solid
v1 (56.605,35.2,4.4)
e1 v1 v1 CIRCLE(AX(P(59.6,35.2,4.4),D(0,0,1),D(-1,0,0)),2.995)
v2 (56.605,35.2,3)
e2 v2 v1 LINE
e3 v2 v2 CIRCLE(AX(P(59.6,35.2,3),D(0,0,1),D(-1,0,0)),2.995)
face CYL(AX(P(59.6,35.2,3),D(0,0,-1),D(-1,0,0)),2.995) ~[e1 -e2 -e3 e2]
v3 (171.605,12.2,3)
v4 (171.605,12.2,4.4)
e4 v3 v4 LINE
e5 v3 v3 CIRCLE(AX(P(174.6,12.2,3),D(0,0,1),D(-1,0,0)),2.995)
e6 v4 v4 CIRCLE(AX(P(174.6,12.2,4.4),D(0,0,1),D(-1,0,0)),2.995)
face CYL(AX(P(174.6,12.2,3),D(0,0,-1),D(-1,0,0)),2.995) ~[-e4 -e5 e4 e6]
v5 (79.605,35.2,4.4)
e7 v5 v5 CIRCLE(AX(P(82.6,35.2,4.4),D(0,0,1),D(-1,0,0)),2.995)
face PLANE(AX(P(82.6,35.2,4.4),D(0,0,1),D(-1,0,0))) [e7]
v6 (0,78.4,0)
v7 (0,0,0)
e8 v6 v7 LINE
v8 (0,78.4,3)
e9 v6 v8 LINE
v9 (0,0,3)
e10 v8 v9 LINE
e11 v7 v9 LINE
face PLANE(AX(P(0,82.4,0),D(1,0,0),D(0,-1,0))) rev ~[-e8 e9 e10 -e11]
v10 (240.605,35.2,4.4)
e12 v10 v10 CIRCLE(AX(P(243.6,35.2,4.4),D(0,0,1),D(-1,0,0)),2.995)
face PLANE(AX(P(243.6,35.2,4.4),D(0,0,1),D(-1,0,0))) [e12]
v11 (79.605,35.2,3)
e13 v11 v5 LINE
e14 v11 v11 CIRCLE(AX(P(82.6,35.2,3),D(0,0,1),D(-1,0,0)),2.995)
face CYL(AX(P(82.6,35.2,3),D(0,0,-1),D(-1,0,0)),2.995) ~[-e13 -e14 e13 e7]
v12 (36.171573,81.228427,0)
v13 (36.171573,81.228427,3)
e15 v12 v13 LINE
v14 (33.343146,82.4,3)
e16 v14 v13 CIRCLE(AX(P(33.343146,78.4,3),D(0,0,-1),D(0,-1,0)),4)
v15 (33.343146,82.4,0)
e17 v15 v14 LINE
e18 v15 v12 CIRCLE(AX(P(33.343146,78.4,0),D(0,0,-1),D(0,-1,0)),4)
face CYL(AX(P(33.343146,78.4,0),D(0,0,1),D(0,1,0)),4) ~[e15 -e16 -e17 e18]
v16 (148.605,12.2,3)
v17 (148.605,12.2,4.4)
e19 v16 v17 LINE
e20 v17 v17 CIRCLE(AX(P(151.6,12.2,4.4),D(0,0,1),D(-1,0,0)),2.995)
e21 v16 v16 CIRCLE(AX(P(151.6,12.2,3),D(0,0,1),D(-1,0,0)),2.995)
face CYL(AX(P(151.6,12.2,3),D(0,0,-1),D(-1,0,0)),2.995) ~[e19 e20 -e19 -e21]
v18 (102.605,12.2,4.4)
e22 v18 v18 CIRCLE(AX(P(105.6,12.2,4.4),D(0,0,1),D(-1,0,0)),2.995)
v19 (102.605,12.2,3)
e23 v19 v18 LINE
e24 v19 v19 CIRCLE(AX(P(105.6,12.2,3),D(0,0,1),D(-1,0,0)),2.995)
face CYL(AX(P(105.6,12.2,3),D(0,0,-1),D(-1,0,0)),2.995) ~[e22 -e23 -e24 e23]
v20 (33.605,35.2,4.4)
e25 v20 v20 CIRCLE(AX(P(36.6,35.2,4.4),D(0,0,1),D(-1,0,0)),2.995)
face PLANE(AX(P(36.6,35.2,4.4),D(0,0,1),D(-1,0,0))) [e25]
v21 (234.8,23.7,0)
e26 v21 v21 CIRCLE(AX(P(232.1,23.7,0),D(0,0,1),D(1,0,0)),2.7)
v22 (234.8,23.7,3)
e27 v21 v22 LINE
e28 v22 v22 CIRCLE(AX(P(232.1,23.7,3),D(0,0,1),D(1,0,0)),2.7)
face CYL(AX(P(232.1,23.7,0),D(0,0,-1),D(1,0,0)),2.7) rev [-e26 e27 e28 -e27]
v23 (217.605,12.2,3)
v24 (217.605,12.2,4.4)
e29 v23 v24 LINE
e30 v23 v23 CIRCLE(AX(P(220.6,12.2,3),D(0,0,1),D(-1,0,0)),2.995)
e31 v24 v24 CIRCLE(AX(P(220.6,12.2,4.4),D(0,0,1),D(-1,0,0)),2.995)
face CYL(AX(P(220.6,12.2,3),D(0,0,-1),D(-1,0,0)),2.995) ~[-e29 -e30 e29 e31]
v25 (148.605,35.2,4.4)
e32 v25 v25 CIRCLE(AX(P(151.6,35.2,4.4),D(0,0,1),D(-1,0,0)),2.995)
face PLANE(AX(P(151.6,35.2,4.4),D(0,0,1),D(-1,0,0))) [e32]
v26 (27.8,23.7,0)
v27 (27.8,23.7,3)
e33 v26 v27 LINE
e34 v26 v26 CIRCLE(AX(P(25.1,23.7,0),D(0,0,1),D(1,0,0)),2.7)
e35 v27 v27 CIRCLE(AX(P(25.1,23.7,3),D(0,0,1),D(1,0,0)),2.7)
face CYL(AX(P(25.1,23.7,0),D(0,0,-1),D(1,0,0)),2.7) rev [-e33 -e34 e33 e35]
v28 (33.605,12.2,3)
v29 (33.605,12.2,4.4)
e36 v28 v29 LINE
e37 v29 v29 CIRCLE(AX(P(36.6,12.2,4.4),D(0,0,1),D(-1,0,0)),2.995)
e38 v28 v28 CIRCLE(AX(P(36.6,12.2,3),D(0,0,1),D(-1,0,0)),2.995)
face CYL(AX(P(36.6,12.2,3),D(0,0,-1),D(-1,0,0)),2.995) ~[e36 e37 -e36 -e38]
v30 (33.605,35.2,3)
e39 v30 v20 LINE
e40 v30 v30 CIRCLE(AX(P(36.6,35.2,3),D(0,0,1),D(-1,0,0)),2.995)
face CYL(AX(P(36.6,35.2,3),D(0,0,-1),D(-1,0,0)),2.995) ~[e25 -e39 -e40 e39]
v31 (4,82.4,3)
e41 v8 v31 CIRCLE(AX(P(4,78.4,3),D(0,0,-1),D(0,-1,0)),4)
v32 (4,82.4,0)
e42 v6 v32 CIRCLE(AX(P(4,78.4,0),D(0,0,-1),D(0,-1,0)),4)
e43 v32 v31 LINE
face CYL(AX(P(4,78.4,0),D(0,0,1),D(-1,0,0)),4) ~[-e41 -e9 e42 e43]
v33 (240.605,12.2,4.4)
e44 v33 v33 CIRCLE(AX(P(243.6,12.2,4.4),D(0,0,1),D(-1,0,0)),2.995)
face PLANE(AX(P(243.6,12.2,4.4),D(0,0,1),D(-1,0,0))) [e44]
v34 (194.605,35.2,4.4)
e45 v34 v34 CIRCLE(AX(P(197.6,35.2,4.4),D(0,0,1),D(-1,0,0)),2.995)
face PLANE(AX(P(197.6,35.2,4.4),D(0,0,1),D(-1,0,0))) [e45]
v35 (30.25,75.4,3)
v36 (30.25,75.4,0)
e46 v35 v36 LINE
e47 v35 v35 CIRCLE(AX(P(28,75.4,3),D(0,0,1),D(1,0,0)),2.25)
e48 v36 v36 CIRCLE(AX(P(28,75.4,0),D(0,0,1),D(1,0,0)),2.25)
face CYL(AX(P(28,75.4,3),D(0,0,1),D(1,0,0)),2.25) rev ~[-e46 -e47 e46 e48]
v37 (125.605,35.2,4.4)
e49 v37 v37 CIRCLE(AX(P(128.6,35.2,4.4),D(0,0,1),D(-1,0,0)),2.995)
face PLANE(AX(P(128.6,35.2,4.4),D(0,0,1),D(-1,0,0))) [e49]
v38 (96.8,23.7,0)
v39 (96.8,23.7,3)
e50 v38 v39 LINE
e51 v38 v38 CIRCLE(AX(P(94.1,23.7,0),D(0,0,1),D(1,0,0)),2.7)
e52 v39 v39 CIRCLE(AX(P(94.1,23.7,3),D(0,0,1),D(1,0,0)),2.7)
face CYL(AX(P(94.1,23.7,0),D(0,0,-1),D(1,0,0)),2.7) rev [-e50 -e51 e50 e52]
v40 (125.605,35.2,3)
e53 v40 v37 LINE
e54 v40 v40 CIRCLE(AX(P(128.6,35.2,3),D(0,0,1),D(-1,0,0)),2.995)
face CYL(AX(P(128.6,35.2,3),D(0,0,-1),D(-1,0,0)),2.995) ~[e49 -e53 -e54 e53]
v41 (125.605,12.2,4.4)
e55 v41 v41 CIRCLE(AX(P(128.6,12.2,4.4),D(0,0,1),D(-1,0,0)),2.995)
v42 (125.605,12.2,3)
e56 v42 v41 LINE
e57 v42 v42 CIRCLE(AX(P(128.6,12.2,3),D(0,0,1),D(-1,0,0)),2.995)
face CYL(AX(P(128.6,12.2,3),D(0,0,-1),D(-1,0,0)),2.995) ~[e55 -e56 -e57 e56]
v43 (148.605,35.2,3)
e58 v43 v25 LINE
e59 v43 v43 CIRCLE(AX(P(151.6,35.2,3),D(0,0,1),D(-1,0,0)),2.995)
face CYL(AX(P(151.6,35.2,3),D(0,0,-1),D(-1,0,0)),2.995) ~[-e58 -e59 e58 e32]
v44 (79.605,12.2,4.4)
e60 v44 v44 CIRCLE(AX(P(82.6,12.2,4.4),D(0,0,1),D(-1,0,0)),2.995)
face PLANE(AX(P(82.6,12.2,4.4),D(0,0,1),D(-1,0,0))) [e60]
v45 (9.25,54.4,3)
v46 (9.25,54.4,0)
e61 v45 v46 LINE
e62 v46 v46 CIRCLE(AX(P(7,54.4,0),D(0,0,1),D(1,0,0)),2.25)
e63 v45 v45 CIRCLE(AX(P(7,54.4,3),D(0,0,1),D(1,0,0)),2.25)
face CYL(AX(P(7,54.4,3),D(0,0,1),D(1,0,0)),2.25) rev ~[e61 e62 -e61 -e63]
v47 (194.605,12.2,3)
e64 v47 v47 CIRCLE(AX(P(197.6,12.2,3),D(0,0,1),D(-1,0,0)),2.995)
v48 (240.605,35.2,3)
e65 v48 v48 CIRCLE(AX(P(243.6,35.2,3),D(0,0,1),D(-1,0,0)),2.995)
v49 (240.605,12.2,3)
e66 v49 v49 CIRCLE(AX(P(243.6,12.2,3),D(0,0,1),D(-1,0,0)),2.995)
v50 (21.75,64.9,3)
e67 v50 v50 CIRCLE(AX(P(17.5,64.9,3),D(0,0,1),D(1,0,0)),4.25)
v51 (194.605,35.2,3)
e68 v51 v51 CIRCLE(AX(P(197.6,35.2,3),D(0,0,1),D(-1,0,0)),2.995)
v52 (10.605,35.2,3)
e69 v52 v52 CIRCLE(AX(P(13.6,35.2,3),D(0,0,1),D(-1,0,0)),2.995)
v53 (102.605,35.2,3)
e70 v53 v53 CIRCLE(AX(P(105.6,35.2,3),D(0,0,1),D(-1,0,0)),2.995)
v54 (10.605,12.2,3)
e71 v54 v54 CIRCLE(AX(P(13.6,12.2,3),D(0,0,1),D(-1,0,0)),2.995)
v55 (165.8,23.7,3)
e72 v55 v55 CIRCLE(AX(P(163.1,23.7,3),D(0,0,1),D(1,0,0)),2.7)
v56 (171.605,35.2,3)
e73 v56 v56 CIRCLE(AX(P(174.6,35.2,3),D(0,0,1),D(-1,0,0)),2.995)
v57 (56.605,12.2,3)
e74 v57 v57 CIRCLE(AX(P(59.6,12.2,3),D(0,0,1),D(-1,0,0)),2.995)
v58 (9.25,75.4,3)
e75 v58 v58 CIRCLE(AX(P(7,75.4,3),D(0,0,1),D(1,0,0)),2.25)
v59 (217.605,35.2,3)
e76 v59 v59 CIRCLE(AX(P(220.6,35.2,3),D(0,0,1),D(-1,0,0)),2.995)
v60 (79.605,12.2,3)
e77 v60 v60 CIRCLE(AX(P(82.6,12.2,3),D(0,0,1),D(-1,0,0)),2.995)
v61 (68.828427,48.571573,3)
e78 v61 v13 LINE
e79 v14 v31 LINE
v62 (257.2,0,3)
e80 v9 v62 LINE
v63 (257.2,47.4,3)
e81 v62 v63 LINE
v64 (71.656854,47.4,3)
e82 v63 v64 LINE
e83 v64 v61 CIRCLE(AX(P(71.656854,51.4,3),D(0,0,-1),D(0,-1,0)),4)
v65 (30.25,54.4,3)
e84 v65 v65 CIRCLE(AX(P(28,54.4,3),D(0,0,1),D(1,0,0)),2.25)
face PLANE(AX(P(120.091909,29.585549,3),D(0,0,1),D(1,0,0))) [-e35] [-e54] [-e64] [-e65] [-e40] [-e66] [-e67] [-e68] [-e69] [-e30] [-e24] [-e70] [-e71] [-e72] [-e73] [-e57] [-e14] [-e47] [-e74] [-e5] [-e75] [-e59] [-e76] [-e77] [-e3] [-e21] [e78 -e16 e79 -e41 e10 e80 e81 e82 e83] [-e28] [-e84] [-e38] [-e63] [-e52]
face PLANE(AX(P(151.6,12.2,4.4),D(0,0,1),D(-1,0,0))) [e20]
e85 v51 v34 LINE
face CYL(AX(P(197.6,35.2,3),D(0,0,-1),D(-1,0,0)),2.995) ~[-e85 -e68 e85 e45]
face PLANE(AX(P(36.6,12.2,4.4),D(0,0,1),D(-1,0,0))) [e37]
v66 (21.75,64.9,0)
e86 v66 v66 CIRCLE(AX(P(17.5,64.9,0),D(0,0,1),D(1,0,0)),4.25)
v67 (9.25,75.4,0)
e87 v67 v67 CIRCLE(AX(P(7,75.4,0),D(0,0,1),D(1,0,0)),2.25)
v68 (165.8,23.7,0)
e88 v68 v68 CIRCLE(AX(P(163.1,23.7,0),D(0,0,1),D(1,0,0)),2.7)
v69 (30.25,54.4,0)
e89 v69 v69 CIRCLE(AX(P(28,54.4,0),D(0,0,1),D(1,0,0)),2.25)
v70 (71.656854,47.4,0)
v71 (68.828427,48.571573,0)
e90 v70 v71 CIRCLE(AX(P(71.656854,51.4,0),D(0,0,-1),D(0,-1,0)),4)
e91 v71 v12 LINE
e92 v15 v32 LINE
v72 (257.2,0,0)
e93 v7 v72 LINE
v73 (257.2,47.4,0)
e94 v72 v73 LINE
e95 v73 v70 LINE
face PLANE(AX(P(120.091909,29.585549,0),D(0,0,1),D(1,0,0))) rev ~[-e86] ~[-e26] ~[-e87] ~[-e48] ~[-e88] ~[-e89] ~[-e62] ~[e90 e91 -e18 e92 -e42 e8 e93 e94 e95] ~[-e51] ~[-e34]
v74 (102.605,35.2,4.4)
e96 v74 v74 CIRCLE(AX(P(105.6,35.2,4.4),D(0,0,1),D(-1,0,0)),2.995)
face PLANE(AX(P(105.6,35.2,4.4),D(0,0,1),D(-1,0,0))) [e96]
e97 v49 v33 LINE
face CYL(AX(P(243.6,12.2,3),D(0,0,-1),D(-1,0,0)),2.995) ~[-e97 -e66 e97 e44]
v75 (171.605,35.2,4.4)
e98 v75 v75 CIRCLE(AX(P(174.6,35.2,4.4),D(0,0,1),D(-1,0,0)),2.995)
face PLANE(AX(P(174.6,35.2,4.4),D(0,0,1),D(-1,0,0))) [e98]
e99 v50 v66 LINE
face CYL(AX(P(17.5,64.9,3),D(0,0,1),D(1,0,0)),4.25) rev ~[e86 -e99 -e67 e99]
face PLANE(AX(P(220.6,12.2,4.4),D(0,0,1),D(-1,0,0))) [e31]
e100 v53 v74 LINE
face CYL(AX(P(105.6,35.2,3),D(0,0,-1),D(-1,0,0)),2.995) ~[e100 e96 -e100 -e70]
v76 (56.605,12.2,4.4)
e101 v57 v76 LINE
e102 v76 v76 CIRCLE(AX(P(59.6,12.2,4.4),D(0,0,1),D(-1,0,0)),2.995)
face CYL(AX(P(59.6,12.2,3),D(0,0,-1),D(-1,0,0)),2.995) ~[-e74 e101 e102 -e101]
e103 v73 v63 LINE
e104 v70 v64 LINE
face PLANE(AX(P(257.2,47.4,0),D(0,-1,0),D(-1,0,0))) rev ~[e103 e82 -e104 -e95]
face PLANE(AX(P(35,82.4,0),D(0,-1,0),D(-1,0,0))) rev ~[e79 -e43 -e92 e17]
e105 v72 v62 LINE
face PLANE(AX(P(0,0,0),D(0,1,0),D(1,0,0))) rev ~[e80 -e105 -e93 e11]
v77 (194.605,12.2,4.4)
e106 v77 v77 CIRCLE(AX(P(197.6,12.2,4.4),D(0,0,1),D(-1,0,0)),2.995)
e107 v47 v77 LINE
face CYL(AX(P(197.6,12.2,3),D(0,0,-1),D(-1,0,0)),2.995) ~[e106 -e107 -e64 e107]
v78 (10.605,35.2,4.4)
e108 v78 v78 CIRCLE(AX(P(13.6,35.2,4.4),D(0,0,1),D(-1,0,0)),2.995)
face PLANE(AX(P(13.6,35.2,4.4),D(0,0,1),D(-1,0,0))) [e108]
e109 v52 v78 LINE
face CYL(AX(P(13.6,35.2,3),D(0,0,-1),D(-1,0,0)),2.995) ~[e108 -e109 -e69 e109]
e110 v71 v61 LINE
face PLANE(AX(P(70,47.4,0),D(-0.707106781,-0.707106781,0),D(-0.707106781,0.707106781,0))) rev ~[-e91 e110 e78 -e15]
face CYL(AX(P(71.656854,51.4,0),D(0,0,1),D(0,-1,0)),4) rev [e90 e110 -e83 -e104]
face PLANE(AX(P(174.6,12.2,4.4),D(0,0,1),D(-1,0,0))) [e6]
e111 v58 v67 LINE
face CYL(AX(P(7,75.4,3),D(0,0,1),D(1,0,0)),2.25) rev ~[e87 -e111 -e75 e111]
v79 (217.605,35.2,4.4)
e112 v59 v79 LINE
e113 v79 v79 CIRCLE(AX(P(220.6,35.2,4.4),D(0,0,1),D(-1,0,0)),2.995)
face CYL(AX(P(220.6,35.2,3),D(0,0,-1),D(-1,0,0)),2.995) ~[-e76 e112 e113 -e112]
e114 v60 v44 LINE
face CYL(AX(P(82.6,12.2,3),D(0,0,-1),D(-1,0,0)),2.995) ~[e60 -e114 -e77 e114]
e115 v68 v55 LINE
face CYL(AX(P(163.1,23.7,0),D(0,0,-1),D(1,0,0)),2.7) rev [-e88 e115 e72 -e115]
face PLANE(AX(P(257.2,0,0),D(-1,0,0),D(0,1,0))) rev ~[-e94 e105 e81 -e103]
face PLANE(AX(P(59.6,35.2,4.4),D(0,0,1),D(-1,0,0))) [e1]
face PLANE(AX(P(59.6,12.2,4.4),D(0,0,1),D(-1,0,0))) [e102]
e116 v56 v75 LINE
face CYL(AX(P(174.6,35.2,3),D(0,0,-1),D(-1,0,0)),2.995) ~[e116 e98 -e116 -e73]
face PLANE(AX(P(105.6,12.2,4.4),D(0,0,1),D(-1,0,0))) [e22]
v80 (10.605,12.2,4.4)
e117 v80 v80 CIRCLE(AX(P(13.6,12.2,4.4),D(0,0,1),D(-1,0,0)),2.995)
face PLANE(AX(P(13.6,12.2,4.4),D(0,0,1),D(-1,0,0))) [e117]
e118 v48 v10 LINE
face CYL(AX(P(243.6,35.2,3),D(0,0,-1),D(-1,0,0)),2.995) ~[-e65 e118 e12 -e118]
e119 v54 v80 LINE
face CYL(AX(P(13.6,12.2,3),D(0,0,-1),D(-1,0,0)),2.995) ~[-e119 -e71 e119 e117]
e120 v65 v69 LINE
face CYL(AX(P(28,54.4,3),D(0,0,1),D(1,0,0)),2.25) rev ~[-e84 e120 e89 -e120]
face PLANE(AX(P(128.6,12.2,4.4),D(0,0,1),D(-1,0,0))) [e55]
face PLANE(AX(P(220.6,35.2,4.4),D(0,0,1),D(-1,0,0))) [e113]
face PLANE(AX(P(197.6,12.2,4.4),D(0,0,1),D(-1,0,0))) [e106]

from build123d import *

# Parameters (mm, degrees)
SKETCH1_R            = 2.7
BOSS_EXTRUDE1_DEPTH  = 3
SKETCH3_R            = 2.995
BOSS_EXTRUDE2_DEPTH  = 1.4
LPATTERN1_COUNT      = 2
LPATTERN1_PITCH      = 23
LPATTERN1_COUNT_DIR2 = 11
LPATTERN1_PITCH_DIR2 = 23
FILLET2_R            = 4
SKETCH5_R            = 4.25
SKETCH5_R_2          = 2.25
CUT_EXTRUDE2_DEPTH   = 271.093687449


with BuildPart() as part:
    # Sketch1 → Boss-Extrude1 (new body)
    with BuildSketch(Plane.XY):
        Polygon((0, 0), (257.2, 0), (257.2, 47.4), (70, 47.4), (35, 82.4), (0, 82.4), (0, 47.4), align=None)
        with Locations((232.1, 23.7)):
            Circle(SKETCH1_R, mode=Mode.SUBTRACT)
        with Locations((163.1, 23.7)):
            Circle(SKETCH1_R, mode=Mode.SUBTRACT)
        with Locations((94.1, 23.7)):
            Circle(SKETCH1_R, mode=Mode.SUBTRACT)
        with Locations((25.1, 23.7)):
            Circle(SKETCH1_R, mode=Mode.SUBTRACT)
    extrude(amount=BOSS_EXTRUDE1_DEPTH)

    # Sketch3 → Boss-Extrude2 (add)
    with BuildSketch(Plane.XY.offset(3)):
        with Locations(Location((13.6, 12.2, 0), (0, 0, 180))):
            Circle(SKETCH3_R)
    boss_extrude2 = extrude(amount=BOSS_EXTRUDE2_DEPTH)

    # LPattern1: Boss-Extrude2 2 × 11
    with Locations(*[(j * LPATTERN1_PITCH_DIR2, i * LPATTERN1_PITCH, 0) for i in range(LPATTERN1_COUNT) for j in range(LPATTERN1_COUNT_DIR2) if (i, j) != (0, 0)]):
        add(boss_extrude2)

    # Fillet2
    fillet2_edges = [part.edges().sort_by_distance(p)[0] for p in [
        (0, 82.4, 1.5),
        (35, 82.4, 1.5),
        (70, 47.4, 1.5),
    ]]
    fillet(fillet2_edges, radius=FILLET2_R)

    # Sketch5 → Cut-Extrude2 (cut, through all)
    with BuildSketch(Plane.XY.offset(3)):
        with Locations((17.5, 64.9)):
            Circle(SKETCH5_R)
        with Locations((7, 75.4)):
            Circle(SKETCH5_R_2)
        with Locations((28, 75.4)):
            Circle(SKETCH5_R_2)
        with Locations((28, 54.4)):
            Circle(SKETCH5_R_2)
        with Locations((7, 54.4)):
            Circle(SKETCH5_R_2)
    extrude(amount=-CUT_EXTRUDE2_DEPTH, mode=Mode.SUBTRACT)


solid = part.part
